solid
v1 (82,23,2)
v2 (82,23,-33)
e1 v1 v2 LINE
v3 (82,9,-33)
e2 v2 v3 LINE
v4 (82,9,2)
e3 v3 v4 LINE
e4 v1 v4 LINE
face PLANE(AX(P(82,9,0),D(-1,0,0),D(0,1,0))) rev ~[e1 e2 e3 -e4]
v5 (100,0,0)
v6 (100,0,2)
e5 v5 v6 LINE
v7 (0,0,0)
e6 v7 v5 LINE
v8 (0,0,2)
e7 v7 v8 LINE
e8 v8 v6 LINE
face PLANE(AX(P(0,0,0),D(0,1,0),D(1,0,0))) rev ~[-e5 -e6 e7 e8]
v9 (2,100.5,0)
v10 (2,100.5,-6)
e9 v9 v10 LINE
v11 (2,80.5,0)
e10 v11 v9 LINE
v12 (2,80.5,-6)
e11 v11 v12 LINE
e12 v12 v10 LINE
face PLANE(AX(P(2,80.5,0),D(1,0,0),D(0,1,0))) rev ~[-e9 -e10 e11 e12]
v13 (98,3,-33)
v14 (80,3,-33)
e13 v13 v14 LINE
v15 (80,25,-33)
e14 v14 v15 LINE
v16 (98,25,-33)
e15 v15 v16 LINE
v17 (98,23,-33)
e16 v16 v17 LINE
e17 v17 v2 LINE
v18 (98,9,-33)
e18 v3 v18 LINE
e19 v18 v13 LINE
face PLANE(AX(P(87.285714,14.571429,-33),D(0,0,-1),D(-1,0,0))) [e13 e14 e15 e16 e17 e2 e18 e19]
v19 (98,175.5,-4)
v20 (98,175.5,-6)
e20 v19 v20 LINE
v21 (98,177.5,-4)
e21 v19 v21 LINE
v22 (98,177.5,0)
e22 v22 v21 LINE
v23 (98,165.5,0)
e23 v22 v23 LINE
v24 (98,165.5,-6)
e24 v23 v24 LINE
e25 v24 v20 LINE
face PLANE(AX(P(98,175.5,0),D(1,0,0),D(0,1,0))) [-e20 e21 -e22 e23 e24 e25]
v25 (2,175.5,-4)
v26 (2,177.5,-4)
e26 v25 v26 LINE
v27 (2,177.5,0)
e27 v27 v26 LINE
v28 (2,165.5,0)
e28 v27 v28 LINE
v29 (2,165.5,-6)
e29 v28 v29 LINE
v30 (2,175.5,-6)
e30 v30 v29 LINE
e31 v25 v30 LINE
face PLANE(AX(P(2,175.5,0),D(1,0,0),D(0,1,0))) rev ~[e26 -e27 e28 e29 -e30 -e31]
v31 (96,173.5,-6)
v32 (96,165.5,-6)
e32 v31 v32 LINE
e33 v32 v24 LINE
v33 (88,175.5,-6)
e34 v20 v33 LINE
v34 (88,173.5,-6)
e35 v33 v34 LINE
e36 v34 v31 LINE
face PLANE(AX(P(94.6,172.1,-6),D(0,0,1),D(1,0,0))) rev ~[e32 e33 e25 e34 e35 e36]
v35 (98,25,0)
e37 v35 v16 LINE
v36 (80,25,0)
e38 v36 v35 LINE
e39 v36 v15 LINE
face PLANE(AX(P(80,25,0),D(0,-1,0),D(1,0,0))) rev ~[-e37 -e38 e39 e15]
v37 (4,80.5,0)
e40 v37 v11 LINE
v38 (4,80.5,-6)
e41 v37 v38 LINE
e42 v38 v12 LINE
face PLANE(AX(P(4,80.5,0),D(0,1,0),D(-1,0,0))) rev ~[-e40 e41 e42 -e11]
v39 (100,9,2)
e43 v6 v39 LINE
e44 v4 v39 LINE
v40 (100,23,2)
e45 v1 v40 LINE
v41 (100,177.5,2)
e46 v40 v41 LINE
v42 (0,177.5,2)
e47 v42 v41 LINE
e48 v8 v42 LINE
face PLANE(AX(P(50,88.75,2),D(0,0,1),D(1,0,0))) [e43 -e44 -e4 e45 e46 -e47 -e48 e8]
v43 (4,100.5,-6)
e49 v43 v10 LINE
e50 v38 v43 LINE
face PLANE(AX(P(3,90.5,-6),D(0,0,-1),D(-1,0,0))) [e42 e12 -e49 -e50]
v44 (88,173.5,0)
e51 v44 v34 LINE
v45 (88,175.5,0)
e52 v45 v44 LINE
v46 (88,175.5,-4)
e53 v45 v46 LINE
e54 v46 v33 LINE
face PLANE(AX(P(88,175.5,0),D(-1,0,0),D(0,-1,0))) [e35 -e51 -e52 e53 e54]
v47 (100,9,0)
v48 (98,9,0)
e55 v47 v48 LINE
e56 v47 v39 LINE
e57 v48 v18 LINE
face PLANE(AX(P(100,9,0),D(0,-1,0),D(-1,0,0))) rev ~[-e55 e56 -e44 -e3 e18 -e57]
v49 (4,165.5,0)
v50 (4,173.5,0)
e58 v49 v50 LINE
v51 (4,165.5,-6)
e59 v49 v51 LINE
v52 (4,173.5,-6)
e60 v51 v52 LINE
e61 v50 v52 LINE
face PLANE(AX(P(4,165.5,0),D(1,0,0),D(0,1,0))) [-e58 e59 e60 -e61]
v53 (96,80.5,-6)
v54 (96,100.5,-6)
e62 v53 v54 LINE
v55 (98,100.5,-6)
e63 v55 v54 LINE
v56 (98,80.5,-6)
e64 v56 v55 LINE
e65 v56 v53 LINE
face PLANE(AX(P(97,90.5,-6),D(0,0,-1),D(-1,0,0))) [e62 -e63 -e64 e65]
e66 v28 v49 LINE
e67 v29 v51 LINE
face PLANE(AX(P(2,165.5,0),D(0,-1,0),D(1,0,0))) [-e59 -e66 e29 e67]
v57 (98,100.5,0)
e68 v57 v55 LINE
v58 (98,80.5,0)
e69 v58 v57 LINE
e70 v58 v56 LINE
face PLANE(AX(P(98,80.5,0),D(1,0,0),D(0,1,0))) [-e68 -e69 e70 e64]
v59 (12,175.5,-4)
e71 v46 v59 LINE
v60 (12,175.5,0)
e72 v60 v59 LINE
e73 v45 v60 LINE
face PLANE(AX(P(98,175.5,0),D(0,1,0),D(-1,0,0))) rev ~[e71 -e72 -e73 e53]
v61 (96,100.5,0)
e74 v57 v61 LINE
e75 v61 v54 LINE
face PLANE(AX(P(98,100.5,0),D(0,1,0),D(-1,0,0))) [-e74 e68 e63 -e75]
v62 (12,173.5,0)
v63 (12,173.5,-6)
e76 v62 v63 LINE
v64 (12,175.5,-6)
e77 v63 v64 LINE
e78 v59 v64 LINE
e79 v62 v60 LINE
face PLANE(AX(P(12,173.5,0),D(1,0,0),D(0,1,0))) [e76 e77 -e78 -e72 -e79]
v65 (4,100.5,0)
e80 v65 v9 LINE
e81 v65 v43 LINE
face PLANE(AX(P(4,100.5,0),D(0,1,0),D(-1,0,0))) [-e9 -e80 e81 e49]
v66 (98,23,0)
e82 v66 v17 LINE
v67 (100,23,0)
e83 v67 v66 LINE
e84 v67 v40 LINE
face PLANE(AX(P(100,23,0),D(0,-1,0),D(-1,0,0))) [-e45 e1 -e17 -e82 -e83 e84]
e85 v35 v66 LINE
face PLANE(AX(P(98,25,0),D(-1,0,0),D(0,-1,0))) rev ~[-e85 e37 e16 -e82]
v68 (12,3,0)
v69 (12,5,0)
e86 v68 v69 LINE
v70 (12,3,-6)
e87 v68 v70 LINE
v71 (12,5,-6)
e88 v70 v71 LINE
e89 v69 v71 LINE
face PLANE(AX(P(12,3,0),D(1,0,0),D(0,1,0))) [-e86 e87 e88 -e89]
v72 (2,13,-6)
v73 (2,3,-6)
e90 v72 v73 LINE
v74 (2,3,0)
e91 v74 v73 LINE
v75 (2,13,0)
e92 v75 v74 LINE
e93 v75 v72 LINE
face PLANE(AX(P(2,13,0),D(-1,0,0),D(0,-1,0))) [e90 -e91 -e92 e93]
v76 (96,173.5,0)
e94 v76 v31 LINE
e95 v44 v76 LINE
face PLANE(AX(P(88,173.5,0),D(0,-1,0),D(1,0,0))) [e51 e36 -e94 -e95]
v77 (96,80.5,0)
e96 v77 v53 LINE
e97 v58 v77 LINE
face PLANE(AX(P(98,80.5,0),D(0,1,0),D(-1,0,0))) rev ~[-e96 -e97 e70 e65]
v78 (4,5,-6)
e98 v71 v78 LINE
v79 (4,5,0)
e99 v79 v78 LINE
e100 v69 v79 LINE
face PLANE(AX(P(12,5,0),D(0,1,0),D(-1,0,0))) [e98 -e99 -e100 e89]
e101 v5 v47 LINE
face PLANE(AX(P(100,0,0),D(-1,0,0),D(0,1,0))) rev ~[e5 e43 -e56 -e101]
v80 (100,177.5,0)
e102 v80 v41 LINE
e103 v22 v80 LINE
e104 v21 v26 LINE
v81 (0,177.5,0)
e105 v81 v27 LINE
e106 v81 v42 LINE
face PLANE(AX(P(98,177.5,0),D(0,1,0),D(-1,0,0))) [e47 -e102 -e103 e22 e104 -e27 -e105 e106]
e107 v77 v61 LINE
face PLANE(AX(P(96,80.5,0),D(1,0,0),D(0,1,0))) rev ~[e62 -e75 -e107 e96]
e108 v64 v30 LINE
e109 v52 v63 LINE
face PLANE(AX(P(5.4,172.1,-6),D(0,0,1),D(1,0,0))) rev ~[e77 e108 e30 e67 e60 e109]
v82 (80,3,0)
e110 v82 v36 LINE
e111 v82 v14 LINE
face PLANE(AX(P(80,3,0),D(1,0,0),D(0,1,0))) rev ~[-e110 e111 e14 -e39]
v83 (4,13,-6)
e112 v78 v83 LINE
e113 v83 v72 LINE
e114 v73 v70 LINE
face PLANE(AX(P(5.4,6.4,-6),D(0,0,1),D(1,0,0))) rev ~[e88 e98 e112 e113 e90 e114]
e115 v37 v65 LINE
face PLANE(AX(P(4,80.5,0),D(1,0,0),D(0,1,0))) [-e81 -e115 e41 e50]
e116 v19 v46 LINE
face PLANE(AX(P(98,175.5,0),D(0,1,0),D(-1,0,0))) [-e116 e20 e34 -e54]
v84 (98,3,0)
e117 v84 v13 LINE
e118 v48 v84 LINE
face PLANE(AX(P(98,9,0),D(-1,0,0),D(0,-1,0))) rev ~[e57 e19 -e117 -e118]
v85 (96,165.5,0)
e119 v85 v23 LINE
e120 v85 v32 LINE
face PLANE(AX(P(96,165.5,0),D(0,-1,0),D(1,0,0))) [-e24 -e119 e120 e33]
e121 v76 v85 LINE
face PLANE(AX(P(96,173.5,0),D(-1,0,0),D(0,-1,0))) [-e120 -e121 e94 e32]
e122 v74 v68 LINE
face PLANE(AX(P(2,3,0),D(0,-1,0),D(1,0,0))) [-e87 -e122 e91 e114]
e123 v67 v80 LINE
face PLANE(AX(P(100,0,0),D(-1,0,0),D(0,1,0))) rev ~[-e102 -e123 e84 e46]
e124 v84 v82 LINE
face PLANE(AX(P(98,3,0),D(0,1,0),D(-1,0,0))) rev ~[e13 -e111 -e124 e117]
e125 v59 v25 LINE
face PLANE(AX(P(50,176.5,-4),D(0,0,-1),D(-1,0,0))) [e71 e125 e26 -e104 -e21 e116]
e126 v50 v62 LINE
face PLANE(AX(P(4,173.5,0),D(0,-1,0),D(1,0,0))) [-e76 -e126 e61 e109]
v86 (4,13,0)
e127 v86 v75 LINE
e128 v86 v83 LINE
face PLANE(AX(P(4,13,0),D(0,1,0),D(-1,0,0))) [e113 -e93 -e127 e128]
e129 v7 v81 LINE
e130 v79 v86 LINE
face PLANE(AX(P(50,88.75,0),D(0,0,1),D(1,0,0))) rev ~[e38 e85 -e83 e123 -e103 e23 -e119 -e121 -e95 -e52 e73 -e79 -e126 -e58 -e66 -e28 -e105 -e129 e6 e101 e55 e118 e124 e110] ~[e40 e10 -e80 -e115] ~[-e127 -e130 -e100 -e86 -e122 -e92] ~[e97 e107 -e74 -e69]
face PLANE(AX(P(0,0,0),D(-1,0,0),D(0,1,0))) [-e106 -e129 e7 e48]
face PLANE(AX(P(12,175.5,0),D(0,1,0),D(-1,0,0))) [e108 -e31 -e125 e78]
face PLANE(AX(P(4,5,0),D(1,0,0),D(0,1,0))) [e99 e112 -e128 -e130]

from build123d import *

# Parameters (mm, degrees)
SKETCH1_W           = 100
SKETCH1_H           = 177.5
BOSS_EXTRUDE1_DEPTH = 2
SKETCH3_W           = 2
SKETCH3_H           = 20
BOSS_EXTRUDE2_DEPTH = 6
SKETCH4_W           = 96
SKETCH4_H           = 2
BOSS_EXTRUDE3_DEPTH = 4
BOSS_EXTRUDE5_DEPTH = 33
SKETCH7_W           = 18
SKETCH7_H           = 14
CUT_EXTRUDE2_DEPTH  = 207.386167172


with BuildPart() as part:
    # Sketch1 → Boss-Extrude1 (new body)
    with BuildSketch(Plane.XY):
        with Locations((50, 88.75)):
            Rectangle(SKETCH1_W, SKETCH1_H)
    extrude(amount=BOSS_EXTRUDE1_DEPTH)

    # Sketch3 → Boss-Extrude2 (add)
    with BuildSketch(Plane(origin=(0, 0, 0), x_dir=(-1, 0, 0), z_dir=(0, 0, -1))):
        Polygon((-98, 175.5), (-88, 175.5), (-88, 173.5), (-96, 173.5), (-96, 165.5), (-98, 165.5), align=None)
        Polygon((-12, 175.5), (-2, 175.5), (-2, 165.5), (-4, 165.5), (-4, 173.5), (-12, 173.5), align=None)
        Polygon((-2, 3), (-12, 3), (-12, 5), (-4, 5), (-4, 13), (-2, 13), align=None)
        with Locations((-97, 90.5)):
            Rectangle(SKETCH3_W, SKETCH3_H)
        with Locations((-3, 90.5)):
            Rectangle(SKETCH3_W, SKETCH3_H)
    extrude(amount=BOSS_EXTRUDE2_DEPTH)

    # Sketch4 → Boss-Extrude3 (add)
    with BuildSketch(Plane(origin=(0, 0, 0), x_dir=(-1, 0, 0), z_dir=(0, 0, -1))):
        with Locations((-50, 176.5)):
            Rectangle(SKETCH4_W, SKETCH4_H)
    extrude(amount=BOSS_EXTRUDE3_DEPTH)

    # Sketch5 → Boss-Extrude5 (add)
    with BuildSketch(Plane(origin=(0, 0, 0), x_dir=(-1, 0, 0), z_dir=(0, 0, -1))):
        Polygon((-98, 3), (-80, 3), (-80, 25), (-98, 25), (-98, 23), (-82, 23), (-82, 9), (-98, 9), align=None)
    extrude(amount=BOSS_EXTRUDE5_DEPTH)

    # Sketch7 → Cut-Extrude2 (cut, through all)
    with BuildSketch(Plane(origin=(0, 0, 0), x_dir=(-1, 0, 0), z_dir=(0, 0, -1))):
        with Locations((-91, 16)):
            Rectangle(SKETCH7_W, SKETCH7_H)
    extrude(amount=-CUT_EXTRUDE2_DEPTH, mode=Mode.SUBTRACT)


solid = part.part
